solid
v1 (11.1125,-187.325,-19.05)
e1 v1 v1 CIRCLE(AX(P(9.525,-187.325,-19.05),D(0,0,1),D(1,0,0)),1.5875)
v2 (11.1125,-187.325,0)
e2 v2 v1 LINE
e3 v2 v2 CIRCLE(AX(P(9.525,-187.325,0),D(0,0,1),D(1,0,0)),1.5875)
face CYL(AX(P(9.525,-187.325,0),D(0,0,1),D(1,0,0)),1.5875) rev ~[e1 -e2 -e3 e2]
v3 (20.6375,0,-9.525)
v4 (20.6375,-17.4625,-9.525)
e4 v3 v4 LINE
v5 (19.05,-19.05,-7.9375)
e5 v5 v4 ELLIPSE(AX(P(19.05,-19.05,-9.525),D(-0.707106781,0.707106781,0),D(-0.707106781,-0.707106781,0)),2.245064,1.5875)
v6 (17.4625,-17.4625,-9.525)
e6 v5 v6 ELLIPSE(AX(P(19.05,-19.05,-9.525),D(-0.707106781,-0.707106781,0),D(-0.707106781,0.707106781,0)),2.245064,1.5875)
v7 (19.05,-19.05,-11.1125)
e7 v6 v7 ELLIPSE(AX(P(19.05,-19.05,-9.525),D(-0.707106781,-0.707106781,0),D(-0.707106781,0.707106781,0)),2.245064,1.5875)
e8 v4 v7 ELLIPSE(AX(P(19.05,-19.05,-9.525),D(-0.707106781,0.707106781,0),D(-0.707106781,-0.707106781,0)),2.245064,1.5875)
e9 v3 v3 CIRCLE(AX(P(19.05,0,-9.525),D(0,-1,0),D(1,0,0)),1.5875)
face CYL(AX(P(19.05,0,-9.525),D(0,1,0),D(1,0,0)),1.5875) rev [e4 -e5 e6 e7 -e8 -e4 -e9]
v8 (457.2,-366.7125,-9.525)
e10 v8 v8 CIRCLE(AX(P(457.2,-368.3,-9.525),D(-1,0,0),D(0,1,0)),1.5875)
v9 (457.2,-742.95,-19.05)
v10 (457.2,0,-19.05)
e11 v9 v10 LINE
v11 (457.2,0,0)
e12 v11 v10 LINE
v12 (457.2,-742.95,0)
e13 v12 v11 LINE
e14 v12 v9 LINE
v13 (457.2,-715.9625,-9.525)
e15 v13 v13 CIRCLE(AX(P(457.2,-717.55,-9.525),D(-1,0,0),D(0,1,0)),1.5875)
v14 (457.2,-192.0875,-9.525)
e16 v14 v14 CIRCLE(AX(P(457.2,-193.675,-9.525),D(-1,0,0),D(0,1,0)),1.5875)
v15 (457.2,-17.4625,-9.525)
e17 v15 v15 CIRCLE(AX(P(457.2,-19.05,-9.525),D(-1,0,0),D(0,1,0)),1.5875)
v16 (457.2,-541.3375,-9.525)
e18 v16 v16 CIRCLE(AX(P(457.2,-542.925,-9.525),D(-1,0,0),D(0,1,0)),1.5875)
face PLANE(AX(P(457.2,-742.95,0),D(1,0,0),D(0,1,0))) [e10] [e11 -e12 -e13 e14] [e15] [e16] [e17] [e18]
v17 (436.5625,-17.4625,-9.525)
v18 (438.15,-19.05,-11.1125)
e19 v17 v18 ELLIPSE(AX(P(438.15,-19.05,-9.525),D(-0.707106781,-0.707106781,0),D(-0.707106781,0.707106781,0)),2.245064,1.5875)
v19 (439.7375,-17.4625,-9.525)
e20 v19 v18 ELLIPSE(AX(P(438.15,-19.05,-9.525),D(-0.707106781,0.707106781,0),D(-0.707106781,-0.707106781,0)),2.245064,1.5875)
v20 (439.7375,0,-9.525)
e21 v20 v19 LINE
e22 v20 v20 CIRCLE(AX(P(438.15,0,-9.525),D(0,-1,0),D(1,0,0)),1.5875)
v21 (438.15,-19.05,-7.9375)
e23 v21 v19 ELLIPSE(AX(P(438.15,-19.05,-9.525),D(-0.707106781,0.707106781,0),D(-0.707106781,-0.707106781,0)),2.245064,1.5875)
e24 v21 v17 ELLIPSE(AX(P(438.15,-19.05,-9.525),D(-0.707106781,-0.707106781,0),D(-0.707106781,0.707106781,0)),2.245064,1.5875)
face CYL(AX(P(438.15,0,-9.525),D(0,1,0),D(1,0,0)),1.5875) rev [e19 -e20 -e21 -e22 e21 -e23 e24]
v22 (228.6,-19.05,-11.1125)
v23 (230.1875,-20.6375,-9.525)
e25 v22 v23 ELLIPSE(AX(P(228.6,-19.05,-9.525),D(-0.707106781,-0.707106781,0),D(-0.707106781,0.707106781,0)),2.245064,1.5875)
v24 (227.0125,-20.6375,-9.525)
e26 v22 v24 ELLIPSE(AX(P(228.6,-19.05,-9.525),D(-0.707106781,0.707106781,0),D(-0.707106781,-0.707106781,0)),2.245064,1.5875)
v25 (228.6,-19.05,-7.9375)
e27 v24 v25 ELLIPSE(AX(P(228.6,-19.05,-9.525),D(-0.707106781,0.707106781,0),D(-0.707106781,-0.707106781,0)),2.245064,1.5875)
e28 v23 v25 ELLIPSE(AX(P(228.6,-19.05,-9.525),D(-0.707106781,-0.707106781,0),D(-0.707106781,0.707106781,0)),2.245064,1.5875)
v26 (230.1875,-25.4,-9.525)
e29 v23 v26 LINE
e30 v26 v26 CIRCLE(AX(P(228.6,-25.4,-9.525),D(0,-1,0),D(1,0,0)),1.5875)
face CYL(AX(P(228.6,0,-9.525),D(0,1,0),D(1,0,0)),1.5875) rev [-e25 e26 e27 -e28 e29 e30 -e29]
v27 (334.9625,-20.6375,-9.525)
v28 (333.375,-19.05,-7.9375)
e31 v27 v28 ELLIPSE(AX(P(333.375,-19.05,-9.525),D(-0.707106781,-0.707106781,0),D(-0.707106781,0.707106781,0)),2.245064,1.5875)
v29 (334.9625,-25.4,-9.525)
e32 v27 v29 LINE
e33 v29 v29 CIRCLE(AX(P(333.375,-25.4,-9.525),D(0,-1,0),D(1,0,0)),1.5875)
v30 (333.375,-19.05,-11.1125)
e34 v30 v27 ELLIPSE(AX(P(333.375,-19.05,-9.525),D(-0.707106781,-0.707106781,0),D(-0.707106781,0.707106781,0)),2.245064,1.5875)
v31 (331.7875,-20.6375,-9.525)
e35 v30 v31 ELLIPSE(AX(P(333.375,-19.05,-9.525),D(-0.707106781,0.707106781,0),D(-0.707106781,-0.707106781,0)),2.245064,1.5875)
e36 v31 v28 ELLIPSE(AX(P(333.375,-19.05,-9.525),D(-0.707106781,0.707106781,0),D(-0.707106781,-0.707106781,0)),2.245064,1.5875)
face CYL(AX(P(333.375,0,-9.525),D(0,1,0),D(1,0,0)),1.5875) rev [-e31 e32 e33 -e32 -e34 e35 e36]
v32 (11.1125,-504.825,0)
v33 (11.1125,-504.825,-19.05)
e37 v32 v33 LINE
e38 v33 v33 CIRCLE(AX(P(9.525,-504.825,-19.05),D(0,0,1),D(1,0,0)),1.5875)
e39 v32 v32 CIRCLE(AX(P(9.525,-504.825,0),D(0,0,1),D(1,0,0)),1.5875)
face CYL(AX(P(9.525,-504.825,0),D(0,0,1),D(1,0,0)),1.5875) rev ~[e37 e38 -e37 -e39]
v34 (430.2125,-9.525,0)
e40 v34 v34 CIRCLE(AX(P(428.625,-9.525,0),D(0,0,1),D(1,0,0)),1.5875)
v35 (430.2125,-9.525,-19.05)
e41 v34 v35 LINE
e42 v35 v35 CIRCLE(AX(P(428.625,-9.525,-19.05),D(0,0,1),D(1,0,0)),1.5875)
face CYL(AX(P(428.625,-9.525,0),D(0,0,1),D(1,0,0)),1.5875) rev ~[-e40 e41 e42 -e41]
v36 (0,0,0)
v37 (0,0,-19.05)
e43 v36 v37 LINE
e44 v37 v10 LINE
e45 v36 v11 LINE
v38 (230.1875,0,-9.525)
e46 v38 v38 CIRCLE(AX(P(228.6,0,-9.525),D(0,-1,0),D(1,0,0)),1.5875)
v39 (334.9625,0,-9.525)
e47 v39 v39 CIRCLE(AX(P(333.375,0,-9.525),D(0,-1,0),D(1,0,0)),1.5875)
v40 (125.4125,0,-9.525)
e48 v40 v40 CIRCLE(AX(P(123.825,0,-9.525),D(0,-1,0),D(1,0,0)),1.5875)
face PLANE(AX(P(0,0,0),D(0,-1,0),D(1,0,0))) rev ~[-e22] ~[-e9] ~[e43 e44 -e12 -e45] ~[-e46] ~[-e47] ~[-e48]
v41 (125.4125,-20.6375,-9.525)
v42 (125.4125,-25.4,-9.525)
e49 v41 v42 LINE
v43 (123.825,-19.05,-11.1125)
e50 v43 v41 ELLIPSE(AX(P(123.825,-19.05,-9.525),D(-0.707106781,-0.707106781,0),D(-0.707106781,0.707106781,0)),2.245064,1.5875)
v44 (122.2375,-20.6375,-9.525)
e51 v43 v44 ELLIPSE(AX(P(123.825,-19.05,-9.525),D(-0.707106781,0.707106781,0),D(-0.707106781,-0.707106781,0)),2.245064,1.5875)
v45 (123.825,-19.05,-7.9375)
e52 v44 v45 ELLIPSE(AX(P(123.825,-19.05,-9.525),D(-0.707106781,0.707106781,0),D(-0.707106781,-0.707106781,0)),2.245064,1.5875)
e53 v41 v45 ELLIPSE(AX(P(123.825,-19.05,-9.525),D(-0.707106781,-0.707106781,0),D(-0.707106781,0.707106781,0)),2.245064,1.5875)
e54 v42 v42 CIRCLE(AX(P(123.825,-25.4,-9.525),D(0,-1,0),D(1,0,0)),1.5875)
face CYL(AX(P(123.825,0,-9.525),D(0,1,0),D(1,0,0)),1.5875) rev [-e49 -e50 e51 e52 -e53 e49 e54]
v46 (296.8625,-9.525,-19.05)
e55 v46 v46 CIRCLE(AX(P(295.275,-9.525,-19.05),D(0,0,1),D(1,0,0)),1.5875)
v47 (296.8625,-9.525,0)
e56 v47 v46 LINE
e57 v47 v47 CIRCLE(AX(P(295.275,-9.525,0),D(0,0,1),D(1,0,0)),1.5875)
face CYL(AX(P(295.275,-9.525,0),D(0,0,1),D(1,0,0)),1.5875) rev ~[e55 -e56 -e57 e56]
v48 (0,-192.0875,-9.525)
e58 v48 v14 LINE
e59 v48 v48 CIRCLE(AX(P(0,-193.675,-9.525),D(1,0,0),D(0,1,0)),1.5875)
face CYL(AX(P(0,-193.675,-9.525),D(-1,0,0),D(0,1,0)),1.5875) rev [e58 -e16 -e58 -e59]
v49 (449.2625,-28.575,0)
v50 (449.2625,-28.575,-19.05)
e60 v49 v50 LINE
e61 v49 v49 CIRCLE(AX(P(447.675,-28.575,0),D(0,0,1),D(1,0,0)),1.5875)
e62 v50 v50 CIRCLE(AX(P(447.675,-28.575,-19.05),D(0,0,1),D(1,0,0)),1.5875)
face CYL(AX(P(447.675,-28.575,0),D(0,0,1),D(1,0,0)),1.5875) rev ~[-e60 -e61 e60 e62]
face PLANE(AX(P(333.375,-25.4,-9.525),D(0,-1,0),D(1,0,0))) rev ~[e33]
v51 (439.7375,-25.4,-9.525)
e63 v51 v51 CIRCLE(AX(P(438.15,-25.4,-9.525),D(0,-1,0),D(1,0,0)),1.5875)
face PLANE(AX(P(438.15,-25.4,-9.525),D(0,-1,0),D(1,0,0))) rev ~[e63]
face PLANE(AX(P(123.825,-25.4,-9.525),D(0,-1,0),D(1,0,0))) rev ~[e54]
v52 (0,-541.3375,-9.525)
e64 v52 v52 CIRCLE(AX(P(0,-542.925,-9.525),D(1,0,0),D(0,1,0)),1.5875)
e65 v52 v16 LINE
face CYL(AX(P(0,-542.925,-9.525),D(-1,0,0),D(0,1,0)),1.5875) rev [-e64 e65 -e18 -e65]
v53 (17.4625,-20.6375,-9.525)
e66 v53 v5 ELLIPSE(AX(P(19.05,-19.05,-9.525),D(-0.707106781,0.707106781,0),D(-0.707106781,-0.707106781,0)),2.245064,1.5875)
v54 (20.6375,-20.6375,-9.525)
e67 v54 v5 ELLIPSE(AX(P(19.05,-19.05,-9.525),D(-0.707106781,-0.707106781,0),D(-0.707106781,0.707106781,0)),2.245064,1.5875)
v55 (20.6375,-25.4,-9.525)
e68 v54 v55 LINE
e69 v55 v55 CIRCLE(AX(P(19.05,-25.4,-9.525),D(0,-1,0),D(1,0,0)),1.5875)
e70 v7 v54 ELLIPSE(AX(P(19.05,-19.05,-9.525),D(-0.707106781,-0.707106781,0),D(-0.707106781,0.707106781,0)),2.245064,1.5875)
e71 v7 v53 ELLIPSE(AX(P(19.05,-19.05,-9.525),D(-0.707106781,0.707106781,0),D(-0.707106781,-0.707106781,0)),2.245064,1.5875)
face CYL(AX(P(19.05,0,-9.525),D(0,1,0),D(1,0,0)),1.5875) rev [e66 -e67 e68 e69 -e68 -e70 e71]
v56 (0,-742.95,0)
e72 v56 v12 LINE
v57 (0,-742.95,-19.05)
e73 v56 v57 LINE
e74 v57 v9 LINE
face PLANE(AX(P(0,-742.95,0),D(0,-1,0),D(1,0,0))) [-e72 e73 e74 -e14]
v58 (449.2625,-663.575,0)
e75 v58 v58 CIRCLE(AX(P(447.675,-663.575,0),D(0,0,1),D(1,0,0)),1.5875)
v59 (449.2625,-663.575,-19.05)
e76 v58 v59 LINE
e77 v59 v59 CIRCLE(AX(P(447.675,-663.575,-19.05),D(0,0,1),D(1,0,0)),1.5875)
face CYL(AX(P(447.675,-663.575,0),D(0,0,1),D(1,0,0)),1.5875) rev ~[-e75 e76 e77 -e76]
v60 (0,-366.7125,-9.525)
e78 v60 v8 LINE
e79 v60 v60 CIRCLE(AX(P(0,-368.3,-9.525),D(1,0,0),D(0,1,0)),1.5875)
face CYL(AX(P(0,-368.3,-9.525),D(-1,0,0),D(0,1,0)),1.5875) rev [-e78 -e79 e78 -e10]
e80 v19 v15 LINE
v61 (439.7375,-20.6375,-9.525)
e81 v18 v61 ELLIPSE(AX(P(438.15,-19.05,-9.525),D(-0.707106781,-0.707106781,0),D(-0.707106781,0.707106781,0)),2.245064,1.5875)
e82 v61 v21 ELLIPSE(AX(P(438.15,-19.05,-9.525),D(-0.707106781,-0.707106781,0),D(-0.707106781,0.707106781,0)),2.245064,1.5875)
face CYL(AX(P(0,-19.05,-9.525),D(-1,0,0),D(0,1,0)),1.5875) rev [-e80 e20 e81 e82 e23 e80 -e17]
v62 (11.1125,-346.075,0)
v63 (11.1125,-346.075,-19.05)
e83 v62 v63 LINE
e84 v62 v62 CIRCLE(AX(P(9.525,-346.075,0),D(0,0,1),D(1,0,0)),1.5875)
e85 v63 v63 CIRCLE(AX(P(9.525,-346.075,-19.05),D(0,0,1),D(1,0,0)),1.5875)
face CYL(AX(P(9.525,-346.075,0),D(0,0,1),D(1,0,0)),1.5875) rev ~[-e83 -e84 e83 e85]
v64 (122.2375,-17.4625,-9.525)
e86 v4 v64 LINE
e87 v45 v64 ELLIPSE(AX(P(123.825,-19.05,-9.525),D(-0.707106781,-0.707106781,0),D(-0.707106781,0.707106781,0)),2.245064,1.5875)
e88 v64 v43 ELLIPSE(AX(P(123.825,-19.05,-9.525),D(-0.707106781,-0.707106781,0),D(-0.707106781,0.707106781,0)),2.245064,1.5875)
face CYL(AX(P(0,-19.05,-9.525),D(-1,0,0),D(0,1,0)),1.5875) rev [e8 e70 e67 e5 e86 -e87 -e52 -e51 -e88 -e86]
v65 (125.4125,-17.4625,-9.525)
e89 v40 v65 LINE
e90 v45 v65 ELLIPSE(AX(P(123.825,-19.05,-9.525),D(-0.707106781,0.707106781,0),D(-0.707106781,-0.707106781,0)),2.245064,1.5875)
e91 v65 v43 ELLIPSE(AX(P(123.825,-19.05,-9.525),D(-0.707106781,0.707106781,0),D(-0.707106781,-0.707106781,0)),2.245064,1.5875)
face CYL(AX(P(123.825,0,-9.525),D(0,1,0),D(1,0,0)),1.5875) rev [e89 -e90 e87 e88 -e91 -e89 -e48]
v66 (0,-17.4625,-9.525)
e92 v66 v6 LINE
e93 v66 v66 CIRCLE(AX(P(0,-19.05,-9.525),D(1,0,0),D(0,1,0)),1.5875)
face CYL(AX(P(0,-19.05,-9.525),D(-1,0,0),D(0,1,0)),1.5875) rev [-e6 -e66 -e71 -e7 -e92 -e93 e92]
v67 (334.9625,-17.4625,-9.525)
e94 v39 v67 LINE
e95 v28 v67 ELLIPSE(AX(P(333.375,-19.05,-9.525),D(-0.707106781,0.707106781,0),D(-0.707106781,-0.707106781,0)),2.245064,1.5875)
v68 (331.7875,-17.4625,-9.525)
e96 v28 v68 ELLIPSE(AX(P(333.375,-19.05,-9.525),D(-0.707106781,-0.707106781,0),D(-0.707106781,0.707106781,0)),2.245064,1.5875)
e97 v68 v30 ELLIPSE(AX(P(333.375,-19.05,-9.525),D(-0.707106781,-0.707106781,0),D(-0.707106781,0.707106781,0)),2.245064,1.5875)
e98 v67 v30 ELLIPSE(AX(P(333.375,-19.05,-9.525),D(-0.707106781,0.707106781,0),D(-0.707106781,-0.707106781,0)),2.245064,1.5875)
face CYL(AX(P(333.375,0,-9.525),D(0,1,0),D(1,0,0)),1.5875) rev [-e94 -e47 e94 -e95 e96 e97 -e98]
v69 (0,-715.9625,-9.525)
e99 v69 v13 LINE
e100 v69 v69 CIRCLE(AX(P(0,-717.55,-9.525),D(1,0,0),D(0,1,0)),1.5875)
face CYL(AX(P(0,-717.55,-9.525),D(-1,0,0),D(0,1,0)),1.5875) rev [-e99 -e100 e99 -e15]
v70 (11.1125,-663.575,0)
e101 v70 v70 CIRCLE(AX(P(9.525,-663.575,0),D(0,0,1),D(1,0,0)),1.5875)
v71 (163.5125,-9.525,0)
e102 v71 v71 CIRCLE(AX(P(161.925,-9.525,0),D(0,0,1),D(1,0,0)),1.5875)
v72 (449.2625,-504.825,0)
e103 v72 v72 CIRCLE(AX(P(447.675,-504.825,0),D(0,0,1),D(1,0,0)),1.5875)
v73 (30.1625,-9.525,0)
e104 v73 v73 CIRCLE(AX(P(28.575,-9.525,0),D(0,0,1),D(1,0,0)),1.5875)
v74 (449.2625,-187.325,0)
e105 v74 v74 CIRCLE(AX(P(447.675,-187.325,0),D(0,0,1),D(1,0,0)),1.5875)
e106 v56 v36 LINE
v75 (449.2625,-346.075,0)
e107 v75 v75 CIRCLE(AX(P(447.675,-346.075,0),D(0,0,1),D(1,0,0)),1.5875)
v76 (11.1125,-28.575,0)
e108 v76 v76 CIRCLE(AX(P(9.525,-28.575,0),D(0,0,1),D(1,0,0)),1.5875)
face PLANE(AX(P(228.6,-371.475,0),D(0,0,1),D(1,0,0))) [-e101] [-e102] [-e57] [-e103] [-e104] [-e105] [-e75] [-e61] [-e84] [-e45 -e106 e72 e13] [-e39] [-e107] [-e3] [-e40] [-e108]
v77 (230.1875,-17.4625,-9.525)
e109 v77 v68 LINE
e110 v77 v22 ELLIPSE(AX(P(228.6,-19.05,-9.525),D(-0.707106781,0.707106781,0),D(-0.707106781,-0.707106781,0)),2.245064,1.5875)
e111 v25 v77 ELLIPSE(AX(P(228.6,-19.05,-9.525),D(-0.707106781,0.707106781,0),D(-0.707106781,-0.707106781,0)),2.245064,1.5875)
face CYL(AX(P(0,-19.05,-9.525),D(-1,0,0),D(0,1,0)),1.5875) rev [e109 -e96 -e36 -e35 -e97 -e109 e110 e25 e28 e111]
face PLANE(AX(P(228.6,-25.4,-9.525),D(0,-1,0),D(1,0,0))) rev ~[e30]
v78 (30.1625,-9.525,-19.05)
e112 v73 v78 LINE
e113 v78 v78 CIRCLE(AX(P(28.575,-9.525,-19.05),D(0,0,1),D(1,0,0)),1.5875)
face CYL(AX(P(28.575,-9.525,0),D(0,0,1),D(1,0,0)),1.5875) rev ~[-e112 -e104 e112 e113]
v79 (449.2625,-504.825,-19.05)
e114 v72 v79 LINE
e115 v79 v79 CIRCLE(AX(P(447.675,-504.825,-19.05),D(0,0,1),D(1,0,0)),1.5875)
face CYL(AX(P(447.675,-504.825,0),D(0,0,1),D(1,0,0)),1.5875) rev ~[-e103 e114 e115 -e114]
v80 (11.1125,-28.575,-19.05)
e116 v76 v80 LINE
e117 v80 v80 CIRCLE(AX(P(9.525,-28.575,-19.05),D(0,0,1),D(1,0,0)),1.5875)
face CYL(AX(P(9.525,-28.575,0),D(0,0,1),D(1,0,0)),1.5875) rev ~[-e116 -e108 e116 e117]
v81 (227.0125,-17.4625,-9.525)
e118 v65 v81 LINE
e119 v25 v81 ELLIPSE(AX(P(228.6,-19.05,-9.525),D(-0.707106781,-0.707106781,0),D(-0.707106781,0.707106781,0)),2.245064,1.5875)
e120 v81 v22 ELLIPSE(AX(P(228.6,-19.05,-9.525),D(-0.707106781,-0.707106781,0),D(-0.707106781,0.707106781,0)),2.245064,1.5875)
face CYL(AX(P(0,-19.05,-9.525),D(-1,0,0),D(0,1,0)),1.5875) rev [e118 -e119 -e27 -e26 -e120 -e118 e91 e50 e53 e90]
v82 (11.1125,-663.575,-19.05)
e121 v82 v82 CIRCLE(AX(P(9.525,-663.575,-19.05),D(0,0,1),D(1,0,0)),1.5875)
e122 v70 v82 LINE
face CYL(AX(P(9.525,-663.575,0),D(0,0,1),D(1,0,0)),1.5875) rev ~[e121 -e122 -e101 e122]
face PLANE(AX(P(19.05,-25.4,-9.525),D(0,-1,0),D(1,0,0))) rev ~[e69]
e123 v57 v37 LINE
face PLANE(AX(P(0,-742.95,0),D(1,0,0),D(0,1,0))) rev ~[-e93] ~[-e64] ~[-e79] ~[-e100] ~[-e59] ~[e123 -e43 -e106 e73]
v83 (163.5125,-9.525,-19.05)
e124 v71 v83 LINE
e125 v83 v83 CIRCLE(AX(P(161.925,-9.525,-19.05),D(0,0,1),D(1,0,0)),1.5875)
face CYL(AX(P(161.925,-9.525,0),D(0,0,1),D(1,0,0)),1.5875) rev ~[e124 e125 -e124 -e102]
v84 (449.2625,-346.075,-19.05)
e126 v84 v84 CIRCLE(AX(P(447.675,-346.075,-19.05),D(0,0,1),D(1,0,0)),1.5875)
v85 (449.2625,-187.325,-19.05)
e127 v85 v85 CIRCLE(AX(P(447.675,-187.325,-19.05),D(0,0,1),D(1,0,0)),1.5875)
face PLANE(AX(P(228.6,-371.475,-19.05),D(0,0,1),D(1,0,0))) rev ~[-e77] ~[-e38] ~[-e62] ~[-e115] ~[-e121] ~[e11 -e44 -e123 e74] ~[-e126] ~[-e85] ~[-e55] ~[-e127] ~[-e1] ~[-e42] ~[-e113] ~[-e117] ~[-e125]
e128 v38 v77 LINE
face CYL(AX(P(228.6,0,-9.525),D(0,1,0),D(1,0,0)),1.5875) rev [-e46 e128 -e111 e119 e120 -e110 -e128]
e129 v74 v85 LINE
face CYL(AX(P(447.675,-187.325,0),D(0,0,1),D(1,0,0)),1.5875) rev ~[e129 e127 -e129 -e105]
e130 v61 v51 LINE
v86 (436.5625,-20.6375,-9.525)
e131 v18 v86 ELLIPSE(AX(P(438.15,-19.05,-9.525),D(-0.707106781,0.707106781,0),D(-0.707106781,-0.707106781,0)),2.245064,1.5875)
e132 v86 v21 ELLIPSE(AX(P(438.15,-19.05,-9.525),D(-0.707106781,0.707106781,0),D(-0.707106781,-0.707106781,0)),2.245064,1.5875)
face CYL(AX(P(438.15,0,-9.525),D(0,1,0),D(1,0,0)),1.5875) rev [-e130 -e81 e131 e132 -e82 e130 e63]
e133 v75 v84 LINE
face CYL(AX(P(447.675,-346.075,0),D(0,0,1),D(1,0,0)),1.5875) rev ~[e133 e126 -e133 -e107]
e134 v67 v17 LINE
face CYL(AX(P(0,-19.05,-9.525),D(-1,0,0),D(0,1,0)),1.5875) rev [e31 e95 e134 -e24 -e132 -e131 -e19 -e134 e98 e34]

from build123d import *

# Parameters (mm, degrees)
F0_W     = 457.2
F0_H     = 742.95
F1_DEPTH = 19.05
F2_R     = 1.5875
F3_DEPTH = 19.051
F4_R     = 1.5875
F5_DEPTH = 19.051
F6_R     = 1.5875
F7_DEPTH = 457.201
F8_R     = 1.5875
F9_DEPTH = 25.4


with BuildPart() as f1:
    # F0 (on Top) → F1 (new body)
    with BuildSketch(Plane.XY):
        with Locations((228.6, -371.475)):
            Rectangle(F0_W, F0_H)
    extrude(amount=-F1_DEPTH)

    # F2 (on Top) → F3 (cut, through all)
    with BuildSketch(Plane.XY):
        with Locations((9.525, -28.575)):
            Circle(F2_R)
        with Locations((9.525, -187.325)):
            Circle(F2_R)
        with Locations((9.525, -346.075)):
            Circle(F2_R)
        with Locations((9.525, -504.825)):
            Circle(F2_R)
        with Locations((9.525, -663.575)):
            Circle(F2_R)
        with Locations((447.675, -28.575)):
            Circle(F2_R)
        with Locations((447.675, -187.325)):
            Circle(F2_R)
        with Locations((447.675, -346.075)):
            Circle(F2_R)
        with Locations((447.675, -504.825)):
            Circle(F2_R)
        with Locations((447.675, -663.575)):
            Circle(F2_R)
    extrude(amount=-F3_DEPTH, mode=Mode.SUBTRACT)

    # F4 (on Top) → F5 (cut, through all)
    with BuildSketch(Plane.XY):
        with Locations((28.575, -9.525)):
            Circle(F4_R)
        with Locations((161.925, -9.525)):
            Circle(F4_R)
        with Locations((295.275, -9.525)):
            Circle(F4_R)
        with Locations((428.625, -9.525)):
            Circle(F4_R)
    extrude(amount=-F5_DEPTH, mode=Mode.SUBTRACT)

    # F6 (on Right) → F7 (cut, through all)
    with BuildSketch(Plane.YZ):
        with Locations((-19.05, -9.525)):
            Circle(F6_R)
        with Locations((-193.675, -9.525)):
            Circle(F6_R)
        with Locations((-368.3, -9.525)):
            Circle(F6_R)
        with Locations((-542.925, -9.525)):
            Circle(F6_R)
        with Locations((-717.55, -9.525)):
            Circle(F6_R)
    extrude(amount=F7_DEPTH, mode=Mode.SUBTRACT)

    # F8 (on Front) → F9 (cut)
    with BuildSketch(Plane.XZ):
        with Locations((19.05, -9.525)):
            Circle(F8_R)
        with Locations((123.825, -9.525)):
            Circle(F8_R)
        with Locations((228.6, -9.525)):
            Circle(F8_R)
        with Locations((333.375, -9.525)):
            Circle(F8_R)
        with Locations((438.15, -9.525)):
            Circle(F8_R)
    extrude(amount=F9_DEPTH, mode=Mode.SUBTRACT)


solid = f1.part
